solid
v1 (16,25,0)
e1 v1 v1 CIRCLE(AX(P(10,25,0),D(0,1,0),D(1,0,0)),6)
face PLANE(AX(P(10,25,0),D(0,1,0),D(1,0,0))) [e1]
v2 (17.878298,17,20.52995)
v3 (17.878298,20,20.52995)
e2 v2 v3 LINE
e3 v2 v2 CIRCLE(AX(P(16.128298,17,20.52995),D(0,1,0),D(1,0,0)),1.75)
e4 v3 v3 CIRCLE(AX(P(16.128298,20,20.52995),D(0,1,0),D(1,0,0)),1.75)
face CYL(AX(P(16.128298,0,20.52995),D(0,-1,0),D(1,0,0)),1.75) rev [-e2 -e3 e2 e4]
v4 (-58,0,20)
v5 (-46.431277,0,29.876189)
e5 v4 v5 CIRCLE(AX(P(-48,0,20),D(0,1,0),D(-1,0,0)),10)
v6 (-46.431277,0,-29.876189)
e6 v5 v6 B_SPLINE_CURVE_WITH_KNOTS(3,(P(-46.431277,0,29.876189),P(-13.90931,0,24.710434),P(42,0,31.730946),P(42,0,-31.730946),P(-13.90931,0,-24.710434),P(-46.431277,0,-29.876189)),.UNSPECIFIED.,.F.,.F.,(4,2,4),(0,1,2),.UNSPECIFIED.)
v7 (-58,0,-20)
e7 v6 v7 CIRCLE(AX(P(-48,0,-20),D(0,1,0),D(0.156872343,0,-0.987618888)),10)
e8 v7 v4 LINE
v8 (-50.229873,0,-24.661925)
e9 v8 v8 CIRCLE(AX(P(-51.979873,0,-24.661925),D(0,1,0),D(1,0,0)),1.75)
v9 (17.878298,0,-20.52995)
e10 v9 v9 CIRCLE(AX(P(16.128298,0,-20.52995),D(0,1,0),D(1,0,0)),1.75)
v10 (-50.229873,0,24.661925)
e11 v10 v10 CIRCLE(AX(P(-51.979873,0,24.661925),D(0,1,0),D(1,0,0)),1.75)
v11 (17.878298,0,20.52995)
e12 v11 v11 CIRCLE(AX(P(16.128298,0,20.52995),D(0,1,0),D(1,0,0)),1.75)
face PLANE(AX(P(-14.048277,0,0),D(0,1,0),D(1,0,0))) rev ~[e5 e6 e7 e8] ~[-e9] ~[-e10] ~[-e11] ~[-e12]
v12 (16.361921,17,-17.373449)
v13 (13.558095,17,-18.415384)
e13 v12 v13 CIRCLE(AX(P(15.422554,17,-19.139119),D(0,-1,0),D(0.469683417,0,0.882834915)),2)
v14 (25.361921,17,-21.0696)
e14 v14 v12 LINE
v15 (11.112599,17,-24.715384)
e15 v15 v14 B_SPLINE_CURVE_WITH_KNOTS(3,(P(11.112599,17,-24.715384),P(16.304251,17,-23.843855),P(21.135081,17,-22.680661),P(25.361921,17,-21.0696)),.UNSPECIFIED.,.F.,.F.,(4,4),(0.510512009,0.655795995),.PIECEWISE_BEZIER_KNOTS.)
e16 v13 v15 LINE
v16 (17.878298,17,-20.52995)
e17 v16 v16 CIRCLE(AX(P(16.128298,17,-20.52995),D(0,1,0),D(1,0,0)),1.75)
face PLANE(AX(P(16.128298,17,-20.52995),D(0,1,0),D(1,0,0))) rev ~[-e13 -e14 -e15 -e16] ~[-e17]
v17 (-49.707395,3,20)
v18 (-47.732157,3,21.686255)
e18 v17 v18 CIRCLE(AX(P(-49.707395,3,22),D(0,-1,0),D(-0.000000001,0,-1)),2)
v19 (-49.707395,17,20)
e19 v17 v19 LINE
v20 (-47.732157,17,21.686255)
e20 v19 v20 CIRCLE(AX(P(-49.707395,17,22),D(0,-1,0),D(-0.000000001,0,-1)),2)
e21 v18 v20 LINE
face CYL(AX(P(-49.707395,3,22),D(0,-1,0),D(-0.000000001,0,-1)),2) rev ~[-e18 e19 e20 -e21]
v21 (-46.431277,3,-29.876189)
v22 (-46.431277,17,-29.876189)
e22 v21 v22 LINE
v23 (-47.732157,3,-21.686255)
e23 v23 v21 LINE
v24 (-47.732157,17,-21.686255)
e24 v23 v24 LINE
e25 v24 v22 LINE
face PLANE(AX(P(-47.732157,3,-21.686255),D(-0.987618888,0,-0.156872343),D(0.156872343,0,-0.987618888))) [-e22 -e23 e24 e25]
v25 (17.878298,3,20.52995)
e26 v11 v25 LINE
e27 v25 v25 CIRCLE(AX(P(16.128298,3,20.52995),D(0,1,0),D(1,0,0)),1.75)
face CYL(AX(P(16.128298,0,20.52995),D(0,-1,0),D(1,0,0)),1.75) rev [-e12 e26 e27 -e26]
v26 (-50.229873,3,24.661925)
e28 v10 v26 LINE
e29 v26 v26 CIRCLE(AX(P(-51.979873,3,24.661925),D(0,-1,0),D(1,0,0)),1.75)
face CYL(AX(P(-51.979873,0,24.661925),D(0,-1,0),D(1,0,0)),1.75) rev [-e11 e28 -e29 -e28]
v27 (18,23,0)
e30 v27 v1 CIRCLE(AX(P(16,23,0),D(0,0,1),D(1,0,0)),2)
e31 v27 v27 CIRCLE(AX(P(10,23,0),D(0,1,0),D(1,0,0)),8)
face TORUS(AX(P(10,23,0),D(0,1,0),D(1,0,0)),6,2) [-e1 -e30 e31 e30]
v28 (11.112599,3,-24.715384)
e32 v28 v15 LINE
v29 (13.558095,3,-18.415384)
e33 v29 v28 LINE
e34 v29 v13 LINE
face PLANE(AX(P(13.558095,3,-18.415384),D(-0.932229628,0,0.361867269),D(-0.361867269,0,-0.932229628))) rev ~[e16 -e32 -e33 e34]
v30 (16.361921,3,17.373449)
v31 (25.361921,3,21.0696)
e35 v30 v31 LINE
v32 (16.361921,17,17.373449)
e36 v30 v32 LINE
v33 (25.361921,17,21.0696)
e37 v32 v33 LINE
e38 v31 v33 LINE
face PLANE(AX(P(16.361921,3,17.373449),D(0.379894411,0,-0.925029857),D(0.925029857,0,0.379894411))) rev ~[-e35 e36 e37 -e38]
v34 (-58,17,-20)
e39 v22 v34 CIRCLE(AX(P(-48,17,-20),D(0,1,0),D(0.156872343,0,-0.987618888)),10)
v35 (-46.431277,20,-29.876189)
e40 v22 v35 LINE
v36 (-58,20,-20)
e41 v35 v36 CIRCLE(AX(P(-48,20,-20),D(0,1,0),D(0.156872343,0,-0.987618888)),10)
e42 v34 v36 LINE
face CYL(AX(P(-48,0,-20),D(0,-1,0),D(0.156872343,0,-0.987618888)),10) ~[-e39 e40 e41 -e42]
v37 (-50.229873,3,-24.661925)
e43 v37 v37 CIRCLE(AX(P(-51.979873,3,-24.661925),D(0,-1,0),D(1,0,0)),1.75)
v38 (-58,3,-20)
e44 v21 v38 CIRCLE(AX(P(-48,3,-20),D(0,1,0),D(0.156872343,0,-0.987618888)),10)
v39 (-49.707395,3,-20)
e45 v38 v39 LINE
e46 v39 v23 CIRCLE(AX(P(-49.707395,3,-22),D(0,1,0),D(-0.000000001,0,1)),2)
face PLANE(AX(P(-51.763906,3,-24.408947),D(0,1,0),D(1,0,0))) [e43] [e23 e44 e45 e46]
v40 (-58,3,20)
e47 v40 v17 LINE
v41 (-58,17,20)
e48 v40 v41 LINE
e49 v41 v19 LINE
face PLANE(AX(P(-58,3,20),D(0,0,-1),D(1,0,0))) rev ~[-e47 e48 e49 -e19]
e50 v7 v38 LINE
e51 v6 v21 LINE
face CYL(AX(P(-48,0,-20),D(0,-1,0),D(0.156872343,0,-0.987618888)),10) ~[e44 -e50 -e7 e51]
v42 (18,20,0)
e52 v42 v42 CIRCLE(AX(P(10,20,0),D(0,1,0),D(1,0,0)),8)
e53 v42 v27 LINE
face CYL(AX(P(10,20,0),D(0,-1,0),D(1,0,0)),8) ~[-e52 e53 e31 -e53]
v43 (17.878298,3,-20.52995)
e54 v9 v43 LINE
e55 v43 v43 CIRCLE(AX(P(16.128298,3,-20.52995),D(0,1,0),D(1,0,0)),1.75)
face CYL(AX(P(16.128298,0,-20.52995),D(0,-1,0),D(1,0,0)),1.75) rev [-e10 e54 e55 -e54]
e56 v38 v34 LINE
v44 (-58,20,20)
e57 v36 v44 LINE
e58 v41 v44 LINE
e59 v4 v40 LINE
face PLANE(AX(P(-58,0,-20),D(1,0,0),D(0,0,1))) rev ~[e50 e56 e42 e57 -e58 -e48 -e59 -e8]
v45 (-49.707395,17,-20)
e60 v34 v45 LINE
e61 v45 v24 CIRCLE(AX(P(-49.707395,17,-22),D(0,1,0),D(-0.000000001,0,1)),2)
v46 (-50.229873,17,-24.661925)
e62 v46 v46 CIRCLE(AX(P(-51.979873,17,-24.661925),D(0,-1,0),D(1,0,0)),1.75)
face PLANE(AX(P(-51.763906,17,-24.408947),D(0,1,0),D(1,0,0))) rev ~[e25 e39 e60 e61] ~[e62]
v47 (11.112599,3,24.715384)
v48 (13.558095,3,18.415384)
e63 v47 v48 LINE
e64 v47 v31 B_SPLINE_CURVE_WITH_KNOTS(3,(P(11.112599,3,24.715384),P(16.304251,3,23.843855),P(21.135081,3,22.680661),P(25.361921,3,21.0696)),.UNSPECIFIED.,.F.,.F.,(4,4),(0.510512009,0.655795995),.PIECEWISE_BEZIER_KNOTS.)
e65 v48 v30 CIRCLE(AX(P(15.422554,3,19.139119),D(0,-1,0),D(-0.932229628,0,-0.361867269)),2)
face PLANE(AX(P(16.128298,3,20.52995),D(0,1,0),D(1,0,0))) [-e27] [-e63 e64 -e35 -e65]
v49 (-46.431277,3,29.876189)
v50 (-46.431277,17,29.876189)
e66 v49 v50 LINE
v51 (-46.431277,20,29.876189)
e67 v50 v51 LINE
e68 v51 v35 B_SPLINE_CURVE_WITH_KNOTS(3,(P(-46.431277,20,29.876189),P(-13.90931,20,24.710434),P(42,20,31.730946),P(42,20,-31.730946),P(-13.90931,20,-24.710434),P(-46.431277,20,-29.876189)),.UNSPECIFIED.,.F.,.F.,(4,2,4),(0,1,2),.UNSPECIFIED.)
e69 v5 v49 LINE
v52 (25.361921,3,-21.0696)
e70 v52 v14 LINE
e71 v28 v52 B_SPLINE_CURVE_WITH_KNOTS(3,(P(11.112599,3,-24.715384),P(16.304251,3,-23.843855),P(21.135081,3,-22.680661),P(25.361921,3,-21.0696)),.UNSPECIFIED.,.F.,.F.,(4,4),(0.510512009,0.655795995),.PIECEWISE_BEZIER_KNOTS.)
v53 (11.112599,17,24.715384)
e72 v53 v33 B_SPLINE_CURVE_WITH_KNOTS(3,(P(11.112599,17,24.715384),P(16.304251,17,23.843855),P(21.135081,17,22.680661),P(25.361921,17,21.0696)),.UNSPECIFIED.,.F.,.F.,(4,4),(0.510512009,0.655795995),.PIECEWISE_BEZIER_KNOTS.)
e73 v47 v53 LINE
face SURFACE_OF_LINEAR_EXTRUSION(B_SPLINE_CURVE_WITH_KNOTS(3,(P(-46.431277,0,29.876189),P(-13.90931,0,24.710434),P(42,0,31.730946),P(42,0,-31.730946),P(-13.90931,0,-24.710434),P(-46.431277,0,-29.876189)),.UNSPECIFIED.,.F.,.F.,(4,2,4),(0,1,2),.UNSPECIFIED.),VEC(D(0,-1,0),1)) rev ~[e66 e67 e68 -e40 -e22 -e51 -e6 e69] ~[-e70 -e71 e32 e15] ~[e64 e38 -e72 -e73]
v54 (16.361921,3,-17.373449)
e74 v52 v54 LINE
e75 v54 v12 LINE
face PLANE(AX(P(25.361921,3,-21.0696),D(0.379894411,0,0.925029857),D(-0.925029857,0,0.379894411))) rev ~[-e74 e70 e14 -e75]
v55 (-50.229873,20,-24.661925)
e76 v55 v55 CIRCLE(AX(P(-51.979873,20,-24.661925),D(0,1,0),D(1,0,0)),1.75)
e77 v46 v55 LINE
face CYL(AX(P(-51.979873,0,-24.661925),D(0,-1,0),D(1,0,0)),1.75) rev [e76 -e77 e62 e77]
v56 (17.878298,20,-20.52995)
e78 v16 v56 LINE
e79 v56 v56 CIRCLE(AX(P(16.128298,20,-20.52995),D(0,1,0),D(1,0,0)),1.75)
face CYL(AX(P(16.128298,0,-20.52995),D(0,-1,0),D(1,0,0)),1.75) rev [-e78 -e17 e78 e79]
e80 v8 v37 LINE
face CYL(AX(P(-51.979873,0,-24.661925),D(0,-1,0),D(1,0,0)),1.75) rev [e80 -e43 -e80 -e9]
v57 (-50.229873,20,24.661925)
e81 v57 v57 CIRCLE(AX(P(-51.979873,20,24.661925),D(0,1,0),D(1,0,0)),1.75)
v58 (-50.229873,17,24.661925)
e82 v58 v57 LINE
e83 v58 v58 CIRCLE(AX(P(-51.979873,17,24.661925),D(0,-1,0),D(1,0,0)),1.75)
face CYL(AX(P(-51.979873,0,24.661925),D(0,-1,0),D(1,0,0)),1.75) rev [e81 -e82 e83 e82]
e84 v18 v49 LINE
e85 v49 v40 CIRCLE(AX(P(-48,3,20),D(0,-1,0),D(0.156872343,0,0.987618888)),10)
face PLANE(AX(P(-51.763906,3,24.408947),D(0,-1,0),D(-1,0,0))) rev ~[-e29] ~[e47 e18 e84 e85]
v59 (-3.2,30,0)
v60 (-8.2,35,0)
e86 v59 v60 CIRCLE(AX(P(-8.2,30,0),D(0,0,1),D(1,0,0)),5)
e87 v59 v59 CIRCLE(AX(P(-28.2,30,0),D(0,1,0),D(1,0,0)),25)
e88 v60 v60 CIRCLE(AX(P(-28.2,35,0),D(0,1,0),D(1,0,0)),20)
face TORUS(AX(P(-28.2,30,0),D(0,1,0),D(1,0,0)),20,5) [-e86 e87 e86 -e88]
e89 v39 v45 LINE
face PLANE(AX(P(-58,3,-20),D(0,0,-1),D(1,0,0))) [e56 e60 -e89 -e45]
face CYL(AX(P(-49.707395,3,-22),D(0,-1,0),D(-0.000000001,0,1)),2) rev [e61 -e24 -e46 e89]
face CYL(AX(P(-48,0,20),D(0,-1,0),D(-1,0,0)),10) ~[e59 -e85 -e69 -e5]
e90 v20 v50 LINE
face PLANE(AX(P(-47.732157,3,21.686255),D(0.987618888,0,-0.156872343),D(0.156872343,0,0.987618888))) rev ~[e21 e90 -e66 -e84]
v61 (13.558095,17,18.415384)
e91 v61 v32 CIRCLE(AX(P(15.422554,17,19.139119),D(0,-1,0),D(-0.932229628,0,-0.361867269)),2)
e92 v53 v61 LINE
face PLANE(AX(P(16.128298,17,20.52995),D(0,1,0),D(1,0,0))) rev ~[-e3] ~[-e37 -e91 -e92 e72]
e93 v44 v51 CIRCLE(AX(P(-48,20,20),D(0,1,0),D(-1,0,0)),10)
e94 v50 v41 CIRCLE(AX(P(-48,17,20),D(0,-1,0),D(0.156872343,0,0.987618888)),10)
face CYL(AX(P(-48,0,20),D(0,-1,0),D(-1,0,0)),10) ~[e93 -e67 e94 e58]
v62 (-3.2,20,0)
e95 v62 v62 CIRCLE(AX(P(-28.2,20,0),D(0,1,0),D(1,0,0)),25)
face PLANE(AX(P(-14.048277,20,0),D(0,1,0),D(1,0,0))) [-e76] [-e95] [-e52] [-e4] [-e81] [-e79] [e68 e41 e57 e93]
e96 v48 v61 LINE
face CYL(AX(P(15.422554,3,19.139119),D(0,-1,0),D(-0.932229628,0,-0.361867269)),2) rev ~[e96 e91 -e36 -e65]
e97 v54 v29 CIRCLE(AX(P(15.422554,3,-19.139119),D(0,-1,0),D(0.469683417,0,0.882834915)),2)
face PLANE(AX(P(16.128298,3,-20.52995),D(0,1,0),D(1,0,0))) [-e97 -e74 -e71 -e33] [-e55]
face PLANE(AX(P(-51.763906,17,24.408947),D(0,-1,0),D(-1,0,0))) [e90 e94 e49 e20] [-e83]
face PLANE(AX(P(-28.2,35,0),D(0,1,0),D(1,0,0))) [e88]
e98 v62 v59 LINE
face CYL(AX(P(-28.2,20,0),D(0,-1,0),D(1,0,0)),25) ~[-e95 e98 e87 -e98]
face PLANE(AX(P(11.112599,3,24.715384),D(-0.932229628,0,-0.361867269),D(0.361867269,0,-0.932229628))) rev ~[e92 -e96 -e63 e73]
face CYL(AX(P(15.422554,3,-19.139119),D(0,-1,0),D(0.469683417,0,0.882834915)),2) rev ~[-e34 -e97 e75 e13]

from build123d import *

# Parameters (mm, degrees)
BOSS_EXTRUDE2_DEPTH = 20
CUT_EXTRUDE1_START  = 3
CUT_EXTRUDE1_DEPTH  = 14
SKETCH3_3_R         = 1.75
CUT_EXTRUDE2_DEPTH  = 20
CUT_EXTRUDE3_START  = 3
CUT_EXTRUDE3_DEPTH  = 14
SKETCH4_3_R         = 1.75
CUT_EXTRUDE4_DEPTH  = 20
SKETCH5_R           = 25
BOSS_EXTRUDE3_DEPTH = 15
SKETCH5_3_R         = 8
BOSS_EXTRUDE4_DEPTH = 5
FILLET1_R           = 5
FILLET2_R           = 2


with BuildPart() as part:
    # Sketch2 → Boss-Extrude2 (new body)
    with BuildSketch(Plane(origin=(0, 0, 0), x_dir=(1, 0, 0), z_dir=(0, 1, 0))):
        with BuildLine():
            ThreePointArc((-46.431276572, 29.876188881), (-54.492794688, 27.605499138), (-58, 20))
            Line((-58, 20), (-58, -20))
            ThreePointArc((-58, -20), (-54.492794688, -27.605499138), (-46.431276572, -29.876188881))
            add(Edge.make_bspline(
                [(-46.431276572, -29.876188881), (-13.909309772, -24.710433965), (42, -31.730945936), (42, 31.730945936), (-13.909309772, 24.710433965), (-46.431276572, 29.876188881)],
                knots=[0, 0, 0, 0, 1, 1, 2, 2, 2, 2], degree=3))
        make_face()
    extrude(amount=BOSS_EXTRUDE2_DEPTH)

    # Sketch3 → Cut-Extrude1 (cut)
    with BuildSketch(Plane(origin=(0, 0, 0), x_dir=(1, 0, 0), z_dir=(0, 1, 0)).offset(CUT_EXTRUDE1_START)):
        with BuildLine():
            ThreePointArc((-46.431276572, 29.876188881), (-54.492794688, 27.605499138), (-58, 20))
            Line((-58, 20), (-49.70739476, 20))
            ThreePointArc((-49.70739476, 20), (-48.408835822, 20.478900172), (-47.732156984, 21.686255314))
            Line((-47.732156984, 21.686255314), (-46.431276572, 29.876188881))
        make_face()
        with BuildLine():
            Line((-49.70739476, -20), (-58, -20))
            ThreePointArc((-58, -20), (-54.492794688, -27.605499138), (-46.431276572, -29.876188881))
            Line((-46.431276572, -29.876188881), (-47.732156984, -21.686255314))
            ThreePointArc((-47.732156984, -21.686255314), (-48.408835822, -20.478900172), (-49.70739476, -20))
        make_face()
    extrude(amount=CUT_EXTRUDE1_DEPTH, mode=Mode.SUBTRACT)

    # Sketch3<3> → Cut-Extrude2 (cut)
    with BuildSketch(Plane(origin=(0, 0, 0), x_dir=(1, 0, 0), z_dir=(0, 1, 0))):
        with Locations((-51.979872901, 24.661924698)):
            Circle(SKETCH3_3_R)
        with Locations((-51.979872901, -24.661924698)):
            Circle(SKETCH3_3_R)
    extrude(amount=CUT_EXTRUDE2_DEPTH, mode=Mode.SUBTRACT)

    # Sketch4 → Cut-Extrude3 (cut)
    with BuildSketch(Plane(origin=(0, 0, 0), x_dir=(1, 0, 0), z_dir=(0, 1, 0)).offset(CUT_EXTRUDE3_START)):
        with BuildLine():
            Line((13.558094658, -18.415384316), (11.112598696, -24.715384316))
            add(Edge.make_bspline(
                [(11.112598695, -24.715384316), (16.304251166, -23.843854524), (21.135081496, -22.680661048), (25.361920748, -21.06959966)],
                knots=[0.510512009, 0.510512009, 0.510512009, 0.510512009, 0.655795995, 0.655795995, 0.655795995, 0.655795995], degree=3))
            Line((25.361920749, -21.06959966), (16.361920749, -17.373449023))
            ThreePointArc((16.361920749, -17.373449023), (14.725878749, -17.264380548), (13.558094658, -18.415384316))
        make_face()
        with BuildLine():
            add(Edge.make_bspline(
                [(11.112598695, 24.715384316), (16.304251166, 23.843854524), (21.135081496, 22.680661048), (25.361920748, 21.06959966)],
                knots=[0.510512009, 0.510512009, 0.510512009, 0.510512009, 0.655795995, 0.655795995, 0.655795995, 0.655795995], degree=3))
            Line((11.112598696, 24.715384316), (13.558094658, 18.415384316))
            ThreePointArc((13.558094658, 18.415384316), (14.725878749, 17.264380548), (16.361920749, 17.373449023))
            Line((16.361920749, 17.373449023), (25.361920749, 21.06959966))
        make_face()
    extrude(amount=CUT_EXTRUDE3_DEPTH, mode=Mode.SUBTRACT)

    # Sketch4<3> → Cut-Extrude4 (cut)
    with BuildSketch(Plane(origin=(0, 0, 0), x_dir=(1, 0, 0), z_dir=(0, 1, 0))):
        with Locations((16.128298142, 20.529949963)):
            Circle(SKETCH4_3_R)
        with Locations((16.128298142, -20.529949963)):
            Circle(SKETCH4_3_R)
    extrude(amount=CUT_EXTRUDE4_DEPTH, mode=Mode.SUBTRACT)

    # Sketch5 → Boss-Extrude3 (add)
    with BuildSketch(Plane(origin=(0, 20, 0), x_dir=(1, 0, 0), z_dir=(0, 1, 0))):
        with Locations((-28.2, 0)):
            Circle(SKETCH5_R)
    extrude(amount=BOSS_EXTRUDE3_DEPTH)

    # Sketch5<3> → Boss-Extrude4 (add)
    with BuildSketch(Plane(origin=(0, 20, 0), x_dir=(1, 0, 0), z_dir=(0, 1, 0))):
        with Locations((10, 0)):
            Circle(SKETCH5_3_R)
    extrude(amount=BOSS_EXTRUDE4_DEPTH)

    # Fillet1
    fillet1_edges = [part.edges().sort_by_distance(p)[0] for p in [
        (-53.2, 35, 0),
    ]]
    fillet(fillet1_edges, radius=FILLET1_R)

    # Fillet2
    fillet2_edges = [part.edges().sort_by_distance(p)[0] for p in [
        (2, 25, 0),
    ]]
    fillet(fillet2_edges, radius=FILLET2_R)


solid = part.part
